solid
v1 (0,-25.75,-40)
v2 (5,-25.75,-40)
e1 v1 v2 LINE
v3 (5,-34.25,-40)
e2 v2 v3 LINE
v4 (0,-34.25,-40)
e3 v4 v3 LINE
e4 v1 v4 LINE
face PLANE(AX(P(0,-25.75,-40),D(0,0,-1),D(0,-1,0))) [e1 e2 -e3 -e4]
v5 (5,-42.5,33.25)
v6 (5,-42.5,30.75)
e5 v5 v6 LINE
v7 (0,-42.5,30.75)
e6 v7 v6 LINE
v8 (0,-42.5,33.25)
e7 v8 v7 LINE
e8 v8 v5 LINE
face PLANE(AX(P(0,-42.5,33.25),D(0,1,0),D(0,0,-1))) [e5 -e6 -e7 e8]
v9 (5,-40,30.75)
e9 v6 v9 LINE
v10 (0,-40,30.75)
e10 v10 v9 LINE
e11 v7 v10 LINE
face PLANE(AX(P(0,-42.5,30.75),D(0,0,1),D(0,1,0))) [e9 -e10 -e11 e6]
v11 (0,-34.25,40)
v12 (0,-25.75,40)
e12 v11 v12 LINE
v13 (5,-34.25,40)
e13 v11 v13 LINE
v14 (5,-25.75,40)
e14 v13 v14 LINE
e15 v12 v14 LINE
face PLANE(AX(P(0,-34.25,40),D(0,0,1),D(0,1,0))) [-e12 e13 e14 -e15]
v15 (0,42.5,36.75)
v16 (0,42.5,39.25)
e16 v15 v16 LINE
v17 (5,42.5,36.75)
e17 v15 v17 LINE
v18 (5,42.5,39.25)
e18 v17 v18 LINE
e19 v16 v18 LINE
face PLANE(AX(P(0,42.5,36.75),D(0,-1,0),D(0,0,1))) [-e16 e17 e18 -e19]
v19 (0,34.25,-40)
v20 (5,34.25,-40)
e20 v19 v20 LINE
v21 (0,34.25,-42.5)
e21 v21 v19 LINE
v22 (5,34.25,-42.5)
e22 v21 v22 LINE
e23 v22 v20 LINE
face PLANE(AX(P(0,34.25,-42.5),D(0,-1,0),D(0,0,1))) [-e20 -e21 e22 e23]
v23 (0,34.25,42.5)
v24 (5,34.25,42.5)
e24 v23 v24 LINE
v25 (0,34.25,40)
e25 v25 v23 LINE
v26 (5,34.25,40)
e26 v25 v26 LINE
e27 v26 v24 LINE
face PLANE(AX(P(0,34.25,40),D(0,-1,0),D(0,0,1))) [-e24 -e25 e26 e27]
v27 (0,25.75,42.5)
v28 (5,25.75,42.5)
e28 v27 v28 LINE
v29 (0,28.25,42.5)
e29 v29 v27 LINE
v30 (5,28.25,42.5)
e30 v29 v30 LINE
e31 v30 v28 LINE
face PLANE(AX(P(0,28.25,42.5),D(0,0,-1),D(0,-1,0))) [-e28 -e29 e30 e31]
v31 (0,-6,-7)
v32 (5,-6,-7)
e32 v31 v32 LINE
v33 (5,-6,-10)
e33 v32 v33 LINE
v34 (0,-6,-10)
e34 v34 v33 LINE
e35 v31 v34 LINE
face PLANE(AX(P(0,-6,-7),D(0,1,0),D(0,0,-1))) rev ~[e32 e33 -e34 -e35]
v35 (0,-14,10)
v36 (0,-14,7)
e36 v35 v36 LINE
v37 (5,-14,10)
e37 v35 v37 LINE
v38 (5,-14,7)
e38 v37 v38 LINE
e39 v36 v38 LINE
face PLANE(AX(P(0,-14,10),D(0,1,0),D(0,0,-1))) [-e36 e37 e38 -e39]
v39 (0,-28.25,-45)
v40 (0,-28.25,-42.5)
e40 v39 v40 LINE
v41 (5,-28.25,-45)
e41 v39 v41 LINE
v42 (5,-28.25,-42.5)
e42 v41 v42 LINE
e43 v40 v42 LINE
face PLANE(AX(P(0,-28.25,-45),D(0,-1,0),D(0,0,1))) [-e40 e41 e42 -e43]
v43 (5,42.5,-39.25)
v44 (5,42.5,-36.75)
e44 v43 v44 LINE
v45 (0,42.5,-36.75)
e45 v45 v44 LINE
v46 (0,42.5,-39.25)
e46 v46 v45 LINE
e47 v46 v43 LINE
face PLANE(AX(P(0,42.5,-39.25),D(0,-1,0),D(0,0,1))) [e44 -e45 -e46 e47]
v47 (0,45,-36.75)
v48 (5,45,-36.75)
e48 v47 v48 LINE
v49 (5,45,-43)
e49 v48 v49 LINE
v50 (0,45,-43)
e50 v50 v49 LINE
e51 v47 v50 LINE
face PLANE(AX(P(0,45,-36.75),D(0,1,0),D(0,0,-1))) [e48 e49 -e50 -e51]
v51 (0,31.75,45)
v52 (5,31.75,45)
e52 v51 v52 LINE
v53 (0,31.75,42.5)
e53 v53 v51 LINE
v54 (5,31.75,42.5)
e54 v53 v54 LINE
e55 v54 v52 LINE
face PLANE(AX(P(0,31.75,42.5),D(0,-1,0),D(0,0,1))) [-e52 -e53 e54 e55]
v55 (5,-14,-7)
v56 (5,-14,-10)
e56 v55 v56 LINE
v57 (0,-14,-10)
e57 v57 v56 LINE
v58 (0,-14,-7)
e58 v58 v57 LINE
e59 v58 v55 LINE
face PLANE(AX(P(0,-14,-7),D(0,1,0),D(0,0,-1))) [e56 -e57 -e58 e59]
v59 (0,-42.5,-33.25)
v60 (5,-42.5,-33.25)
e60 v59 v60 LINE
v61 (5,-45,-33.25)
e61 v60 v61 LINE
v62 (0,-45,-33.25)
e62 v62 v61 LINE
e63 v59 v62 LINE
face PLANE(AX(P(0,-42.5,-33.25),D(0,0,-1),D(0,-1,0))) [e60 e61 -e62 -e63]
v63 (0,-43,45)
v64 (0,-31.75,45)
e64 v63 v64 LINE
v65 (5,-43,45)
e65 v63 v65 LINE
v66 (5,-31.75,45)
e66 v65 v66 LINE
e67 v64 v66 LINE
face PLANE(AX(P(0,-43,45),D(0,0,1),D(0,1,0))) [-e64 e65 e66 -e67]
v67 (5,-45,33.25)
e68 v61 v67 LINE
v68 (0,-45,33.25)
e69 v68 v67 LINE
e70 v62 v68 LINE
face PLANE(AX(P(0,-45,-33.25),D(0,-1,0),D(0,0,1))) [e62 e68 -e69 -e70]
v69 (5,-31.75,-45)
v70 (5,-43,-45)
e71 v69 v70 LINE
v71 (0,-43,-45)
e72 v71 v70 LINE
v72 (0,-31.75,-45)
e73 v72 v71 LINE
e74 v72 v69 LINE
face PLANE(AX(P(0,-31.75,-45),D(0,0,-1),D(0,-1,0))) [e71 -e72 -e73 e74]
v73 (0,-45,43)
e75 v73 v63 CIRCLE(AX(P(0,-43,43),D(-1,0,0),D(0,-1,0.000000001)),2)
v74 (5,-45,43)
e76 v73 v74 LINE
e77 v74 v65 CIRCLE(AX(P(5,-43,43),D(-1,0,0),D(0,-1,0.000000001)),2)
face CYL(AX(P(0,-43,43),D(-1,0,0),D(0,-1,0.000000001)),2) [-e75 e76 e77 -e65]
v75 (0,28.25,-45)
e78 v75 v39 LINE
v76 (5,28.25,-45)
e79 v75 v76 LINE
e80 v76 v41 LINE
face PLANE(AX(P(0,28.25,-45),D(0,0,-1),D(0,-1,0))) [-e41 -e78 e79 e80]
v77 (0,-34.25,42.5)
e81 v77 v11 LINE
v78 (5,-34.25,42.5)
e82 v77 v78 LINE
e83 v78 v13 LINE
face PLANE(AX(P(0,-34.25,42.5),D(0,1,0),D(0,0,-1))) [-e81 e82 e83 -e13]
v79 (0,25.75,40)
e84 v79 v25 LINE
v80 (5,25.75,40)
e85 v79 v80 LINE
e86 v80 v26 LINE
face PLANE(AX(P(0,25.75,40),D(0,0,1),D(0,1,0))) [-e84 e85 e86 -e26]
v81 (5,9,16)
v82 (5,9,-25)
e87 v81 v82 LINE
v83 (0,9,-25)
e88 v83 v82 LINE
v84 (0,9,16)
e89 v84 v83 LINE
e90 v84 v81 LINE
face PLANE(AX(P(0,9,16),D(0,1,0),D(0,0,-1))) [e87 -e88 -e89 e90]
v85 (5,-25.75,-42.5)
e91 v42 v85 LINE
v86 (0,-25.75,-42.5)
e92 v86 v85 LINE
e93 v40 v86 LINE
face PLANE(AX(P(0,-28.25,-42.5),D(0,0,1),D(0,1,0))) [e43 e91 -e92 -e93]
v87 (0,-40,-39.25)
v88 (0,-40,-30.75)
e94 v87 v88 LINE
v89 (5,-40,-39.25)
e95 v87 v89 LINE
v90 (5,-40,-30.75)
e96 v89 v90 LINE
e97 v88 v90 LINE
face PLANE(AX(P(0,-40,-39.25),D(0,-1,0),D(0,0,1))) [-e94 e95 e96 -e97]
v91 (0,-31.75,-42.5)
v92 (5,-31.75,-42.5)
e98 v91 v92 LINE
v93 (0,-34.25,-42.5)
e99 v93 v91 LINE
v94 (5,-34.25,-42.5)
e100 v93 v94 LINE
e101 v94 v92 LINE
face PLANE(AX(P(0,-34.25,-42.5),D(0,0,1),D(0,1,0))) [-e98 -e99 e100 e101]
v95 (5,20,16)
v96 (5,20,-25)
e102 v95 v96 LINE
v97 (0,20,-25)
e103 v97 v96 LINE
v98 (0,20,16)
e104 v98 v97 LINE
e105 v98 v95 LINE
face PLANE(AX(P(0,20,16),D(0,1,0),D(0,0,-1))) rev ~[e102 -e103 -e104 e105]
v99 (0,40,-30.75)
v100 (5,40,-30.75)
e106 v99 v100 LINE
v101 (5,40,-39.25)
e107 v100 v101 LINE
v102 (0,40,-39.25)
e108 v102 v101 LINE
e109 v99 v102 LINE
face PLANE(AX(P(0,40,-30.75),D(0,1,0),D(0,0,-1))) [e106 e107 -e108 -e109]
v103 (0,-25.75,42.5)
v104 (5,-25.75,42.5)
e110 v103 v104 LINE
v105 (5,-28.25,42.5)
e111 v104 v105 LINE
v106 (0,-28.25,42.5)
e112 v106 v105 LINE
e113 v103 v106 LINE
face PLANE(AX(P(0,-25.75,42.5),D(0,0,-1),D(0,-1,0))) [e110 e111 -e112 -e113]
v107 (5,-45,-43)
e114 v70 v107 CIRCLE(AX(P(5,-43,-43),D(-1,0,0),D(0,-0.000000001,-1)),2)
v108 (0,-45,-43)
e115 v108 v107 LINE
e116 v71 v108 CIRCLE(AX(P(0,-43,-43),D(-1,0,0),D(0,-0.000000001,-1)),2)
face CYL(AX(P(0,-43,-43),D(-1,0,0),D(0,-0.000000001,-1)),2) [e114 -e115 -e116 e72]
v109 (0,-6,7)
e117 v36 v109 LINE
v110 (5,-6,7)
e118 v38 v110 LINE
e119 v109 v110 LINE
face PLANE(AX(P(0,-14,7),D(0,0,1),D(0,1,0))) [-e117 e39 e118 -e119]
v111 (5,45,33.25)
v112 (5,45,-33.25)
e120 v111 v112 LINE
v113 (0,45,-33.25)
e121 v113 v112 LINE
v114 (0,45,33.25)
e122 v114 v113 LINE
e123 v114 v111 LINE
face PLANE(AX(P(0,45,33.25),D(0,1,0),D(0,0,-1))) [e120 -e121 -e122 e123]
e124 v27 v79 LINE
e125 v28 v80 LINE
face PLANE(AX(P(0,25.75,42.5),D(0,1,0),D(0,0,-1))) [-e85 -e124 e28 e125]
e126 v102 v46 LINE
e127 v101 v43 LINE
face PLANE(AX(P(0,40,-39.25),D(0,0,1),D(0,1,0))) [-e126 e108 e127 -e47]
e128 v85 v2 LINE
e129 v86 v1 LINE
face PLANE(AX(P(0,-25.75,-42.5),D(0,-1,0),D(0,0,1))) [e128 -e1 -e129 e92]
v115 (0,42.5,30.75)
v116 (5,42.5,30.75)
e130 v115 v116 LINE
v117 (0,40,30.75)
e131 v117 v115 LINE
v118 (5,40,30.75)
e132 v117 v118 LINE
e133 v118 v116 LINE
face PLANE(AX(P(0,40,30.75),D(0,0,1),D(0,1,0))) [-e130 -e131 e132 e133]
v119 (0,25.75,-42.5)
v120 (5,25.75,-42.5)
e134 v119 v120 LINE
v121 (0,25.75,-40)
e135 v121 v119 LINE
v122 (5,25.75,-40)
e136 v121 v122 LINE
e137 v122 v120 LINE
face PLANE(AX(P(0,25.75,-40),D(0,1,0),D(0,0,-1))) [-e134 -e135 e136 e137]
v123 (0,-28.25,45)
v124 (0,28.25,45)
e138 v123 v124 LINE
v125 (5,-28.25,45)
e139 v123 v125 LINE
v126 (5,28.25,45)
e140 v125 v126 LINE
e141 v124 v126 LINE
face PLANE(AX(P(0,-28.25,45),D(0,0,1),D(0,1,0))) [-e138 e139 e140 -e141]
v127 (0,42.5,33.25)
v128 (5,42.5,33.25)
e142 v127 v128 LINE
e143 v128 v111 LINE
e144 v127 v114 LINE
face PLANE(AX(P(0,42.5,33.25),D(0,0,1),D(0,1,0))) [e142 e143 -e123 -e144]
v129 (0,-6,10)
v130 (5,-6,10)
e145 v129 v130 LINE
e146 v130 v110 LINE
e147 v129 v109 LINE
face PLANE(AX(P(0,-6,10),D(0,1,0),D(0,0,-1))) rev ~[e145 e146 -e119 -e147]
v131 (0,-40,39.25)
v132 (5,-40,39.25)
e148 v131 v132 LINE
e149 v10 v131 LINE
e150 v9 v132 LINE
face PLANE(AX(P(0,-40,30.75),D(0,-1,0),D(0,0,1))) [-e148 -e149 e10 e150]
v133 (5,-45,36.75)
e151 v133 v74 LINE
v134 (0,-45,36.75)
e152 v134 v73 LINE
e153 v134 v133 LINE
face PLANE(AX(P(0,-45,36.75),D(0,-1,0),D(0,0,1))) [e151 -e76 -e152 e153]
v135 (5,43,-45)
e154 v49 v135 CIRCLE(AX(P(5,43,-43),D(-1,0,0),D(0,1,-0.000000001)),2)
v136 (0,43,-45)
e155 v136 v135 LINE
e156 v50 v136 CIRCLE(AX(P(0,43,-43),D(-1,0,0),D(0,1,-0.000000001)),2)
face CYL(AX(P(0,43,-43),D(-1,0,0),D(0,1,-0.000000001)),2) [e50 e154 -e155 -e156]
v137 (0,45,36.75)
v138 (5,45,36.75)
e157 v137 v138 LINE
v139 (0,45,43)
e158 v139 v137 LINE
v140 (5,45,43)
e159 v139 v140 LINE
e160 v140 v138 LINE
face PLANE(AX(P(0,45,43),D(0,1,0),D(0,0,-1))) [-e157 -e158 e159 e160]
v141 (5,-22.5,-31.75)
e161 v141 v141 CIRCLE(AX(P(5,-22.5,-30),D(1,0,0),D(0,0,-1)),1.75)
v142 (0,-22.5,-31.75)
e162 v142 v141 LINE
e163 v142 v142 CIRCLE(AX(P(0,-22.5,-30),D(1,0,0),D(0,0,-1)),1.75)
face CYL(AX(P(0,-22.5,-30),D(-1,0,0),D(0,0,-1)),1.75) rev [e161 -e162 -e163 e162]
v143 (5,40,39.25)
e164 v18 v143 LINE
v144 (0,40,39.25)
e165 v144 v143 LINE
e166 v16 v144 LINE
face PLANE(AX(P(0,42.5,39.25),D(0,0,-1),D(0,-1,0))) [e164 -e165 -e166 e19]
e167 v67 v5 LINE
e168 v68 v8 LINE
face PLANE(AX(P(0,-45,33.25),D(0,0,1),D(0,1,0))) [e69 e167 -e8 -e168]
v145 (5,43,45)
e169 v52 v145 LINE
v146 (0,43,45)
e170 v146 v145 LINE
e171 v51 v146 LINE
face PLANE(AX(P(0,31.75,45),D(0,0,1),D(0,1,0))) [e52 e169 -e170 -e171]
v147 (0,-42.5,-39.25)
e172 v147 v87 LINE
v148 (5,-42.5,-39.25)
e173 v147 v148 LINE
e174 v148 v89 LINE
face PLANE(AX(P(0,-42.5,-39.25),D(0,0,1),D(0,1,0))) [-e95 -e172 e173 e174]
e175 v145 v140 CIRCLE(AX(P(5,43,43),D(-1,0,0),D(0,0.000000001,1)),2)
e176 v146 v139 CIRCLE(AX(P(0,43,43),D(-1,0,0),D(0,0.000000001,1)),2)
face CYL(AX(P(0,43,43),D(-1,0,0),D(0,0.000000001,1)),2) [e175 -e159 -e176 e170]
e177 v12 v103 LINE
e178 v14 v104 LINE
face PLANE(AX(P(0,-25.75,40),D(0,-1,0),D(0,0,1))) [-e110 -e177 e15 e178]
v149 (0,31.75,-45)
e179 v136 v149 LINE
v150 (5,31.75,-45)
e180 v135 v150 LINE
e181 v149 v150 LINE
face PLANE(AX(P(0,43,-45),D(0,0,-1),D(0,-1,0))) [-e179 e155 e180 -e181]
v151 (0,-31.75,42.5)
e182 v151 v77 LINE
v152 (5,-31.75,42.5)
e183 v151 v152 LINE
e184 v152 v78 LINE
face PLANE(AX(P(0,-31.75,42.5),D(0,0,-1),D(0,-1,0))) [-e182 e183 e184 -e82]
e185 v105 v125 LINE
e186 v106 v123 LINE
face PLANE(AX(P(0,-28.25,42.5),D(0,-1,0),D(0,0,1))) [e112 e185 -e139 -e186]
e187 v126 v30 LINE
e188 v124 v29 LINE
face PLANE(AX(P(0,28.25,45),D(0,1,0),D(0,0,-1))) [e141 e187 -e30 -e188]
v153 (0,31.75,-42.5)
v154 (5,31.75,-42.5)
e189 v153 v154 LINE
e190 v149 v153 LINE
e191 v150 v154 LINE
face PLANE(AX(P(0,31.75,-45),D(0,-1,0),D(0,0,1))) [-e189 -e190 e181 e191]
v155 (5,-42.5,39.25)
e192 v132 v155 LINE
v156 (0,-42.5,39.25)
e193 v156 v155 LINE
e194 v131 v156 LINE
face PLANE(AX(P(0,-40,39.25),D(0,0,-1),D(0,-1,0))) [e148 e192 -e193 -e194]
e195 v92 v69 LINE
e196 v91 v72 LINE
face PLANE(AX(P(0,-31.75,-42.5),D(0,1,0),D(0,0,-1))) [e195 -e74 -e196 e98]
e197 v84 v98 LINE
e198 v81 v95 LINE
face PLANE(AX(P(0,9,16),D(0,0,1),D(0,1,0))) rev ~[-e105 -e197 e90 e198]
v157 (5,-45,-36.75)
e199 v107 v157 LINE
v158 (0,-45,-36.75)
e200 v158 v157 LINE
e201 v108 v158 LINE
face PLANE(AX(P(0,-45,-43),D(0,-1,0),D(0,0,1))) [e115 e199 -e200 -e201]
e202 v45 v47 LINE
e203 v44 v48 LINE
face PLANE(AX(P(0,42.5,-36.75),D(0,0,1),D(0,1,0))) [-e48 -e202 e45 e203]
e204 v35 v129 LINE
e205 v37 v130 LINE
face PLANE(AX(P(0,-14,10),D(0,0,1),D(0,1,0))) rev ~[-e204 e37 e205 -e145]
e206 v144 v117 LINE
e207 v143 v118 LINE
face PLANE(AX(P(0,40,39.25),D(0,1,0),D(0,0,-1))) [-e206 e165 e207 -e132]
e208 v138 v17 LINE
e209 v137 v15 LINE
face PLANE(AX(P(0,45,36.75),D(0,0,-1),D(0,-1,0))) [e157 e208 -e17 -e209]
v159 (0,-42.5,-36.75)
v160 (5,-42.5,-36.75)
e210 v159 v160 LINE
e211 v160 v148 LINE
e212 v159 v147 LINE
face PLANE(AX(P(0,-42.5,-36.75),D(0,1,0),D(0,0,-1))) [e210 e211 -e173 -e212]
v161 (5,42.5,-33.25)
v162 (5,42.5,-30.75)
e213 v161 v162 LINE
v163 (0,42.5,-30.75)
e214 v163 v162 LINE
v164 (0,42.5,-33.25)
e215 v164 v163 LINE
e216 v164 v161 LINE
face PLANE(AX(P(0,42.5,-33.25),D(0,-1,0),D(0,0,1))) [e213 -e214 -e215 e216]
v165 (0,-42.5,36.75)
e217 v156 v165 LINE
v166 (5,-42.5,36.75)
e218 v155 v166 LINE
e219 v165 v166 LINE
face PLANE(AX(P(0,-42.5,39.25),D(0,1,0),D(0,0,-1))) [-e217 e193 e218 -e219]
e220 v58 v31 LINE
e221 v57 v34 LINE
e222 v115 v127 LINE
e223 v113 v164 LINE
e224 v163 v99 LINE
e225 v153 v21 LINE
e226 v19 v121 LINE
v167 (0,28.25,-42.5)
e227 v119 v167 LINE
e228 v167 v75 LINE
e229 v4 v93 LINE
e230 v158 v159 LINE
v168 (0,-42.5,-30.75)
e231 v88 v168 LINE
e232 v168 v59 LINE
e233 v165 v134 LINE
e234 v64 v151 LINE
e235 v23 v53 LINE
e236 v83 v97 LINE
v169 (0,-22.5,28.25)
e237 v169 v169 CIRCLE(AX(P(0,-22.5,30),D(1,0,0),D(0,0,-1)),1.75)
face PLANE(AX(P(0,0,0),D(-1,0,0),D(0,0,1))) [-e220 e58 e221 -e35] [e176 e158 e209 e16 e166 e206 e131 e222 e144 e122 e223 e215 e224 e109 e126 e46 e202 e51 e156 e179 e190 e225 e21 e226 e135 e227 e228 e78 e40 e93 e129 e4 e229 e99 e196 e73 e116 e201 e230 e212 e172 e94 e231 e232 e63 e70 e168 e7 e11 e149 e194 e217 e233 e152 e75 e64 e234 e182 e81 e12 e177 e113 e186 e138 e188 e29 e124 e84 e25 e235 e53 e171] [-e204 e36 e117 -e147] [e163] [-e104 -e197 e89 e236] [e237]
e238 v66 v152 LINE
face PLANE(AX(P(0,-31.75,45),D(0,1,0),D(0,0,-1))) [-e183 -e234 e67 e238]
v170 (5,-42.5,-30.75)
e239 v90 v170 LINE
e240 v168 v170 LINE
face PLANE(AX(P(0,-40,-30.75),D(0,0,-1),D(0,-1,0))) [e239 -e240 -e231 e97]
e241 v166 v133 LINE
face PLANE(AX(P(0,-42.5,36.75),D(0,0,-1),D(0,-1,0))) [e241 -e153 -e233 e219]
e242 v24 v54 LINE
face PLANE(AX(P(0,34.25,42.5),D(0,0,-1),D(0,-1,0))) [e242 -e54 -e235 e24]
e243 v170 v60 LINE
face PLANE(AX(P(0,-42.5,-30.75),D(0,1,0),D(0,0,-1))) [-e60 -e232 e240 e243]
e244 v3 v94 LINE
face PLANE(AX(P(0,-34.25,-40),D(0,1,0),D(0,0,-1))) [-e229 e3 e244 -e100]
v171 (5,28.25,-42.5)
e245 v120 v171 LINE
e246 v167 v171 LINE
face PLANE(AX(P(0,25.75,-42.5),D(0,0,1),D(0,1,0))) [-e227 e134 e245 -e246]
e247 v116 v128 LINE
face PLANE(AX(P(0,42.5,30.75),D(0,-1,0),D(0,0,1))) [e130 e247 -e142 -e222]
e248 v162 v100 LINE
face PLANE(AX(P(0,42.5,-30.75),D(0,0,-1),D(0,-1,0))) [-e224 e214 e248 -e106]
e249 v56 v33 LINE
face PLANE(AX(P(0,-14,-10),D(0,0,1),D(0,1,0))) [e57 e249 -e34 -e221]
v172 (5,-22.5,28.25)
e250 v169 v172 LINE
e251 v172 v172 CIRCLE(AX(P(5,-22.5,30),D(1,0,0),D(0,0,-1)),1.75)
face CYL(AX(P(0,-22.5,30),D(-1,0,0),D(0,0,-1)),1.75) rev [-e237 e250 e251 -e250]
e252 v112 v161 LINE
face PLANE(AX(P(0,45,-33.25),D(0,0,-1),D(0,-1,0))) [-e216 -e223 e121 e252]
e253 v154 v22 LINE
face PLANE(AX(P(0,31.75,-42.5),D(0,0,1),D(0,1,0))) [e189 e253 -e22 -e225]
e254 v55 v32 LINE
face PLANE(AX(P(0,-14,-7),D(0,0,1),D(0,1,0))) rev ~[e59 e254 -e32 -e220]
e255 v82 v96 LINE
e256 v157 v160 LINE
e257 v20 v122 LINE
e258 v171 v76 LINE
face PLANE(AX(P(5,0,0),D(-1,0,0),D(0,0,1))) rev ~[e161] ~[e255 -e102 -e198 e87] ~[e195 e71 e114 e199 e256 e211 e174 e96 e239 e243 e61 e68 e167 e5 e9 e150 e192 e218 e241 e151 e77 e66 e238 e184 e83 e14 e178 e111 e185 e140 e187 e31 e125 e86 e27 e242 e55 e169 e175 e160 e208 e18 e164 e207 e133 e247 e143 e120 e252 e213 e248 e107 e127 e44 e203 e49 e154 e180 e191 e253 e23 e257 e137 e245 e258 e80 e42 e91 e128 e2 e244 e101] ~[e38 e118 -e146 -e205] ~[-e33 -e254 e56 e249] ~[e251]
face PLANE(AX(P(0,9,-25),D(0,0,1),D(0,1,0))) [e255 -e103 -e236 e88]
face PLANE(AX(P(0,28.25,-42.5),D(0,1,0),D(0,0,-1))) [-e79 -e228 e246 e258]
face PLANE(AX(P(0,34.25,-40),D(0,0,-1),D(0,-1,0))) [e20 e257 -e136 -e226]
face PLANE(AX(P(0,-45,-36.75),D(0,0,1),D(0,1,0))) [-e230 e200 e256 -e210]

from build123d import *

# Parameters (mm, degrees)
SKETCH_1_R      = 1.75
SKETCH_1_W      = 3
SKETCH_1_H      = 8
SKETCH_1_W_2    = 41
SKETCH_1_H_2    = 11
EXTRUDE_1_DEPTH = 5


with BuildPart() as part:
    # Эскиз1 → Бобышка-Вытянуть1 (new body)
    with BuildSketch(Plane(origin=(0, 0, 0), x_dir=(0, 0, -1), z_dir=(1, 0, 0))):
        with BuildLine():
            Line((-36.75, 45), (-36.75, 42.5))
            Line((-36.75, 42.5), (-39.25, 42.5))
            Line((-39.25, 42.5), (-39.25, 40))
            Line((-39.25, 40), (-30.75, 40))
            Line((-30.75, 40), (-30.75, 42.5))
            Line((-30.75, 42.5), (-33.25, 42.5))
            Line((-33.25, 42.5), (-33.25, 45))
            Line((-33.25, 45), (33.25, 45))
            Line((33.25, 45), (33.25, 42.5))
            Line((33.25, 42.5), (30.75, 42.5))
            Line((30.75, 42.5), (30.75, 40))
            Line((30.75, 40), (39.25, 40))
            Line((39.25, 40), (39.25, 42.5))
            Line((39.25, 42.5), (36.75, 42.5))
            Line((36.75, 42.5), (36.75, 45))
            Line((36.75, 45), (43, 45))
            ThreePointArc((43, 45), (44.414213562, 44.414213562), (45, 43))
            Line((45, 43), (45, 31.75))
            Line((45, 31.75), (42.5, 31.75))
            Line((42.5, 31.75), (42.5, 34.25))
            Line((42.5, 34.25), (40, 34.25))
            Line((40, 34.25), (40, 25.75))
            Line((40, 25.75), (42.5, 25.75))
            Line((42.5, 25.75), (42.5, 28.25))
            Line((42.5, 28.25), (45, 28.25))
            Line((45, 28.25), (45, -28.25))
            Line((45, -28.25), (42.5, -28.25))
            Line((42.5, -28.25), (42.5, -25.75))
            Line((42.5, -25.75), (40, -25.75))
            Line((40, -25.75), (40, -34.25))
            Line((40, -34.25), (42.5, -34.25))
            Line((42.5, -34.25), (42.5, -31.75))
            Line((42.5, -31.75), (45, -31.75))
            Line((45, -31.75), (45, -43))
            ThreePointArc((45, -43), (44.414213562, -44.414213562), (43, -45))
            Line((43, -45), (36.75, -45))
            Line((36.75, -45), (36.75, -42.5))
            Line((36.75, -42.5), (39.25, -42.5))
            Line((39.25, -42.5), (39.25, -40))
            Line((39.25, -40), (30.75, -40))
            Line((30.75, -40), (30.75, -42.5))
            Line((30.75, -42.5), (33.25, -42.5))
            Line((33.25, -42.5), (33.25, -45))
            Line((33.25, -45), (-33.25, -45))
            Line((-33.25, -45), (-33.25, -42.5))
            Line((-33.25, -42.5), (-30.75, -42.5))
            Line((-30.75, -42.5), (-30.75, -40))
            Line((-30.75, -40), (-39.25, -40))
            Line((-39.25, -40), (-39.25, -42.5))
            Line((-39.25, -42.5), (-36.75, -42.5))
            Line((-36.75, -42.5), (-36.75, -45))
            Line((-36.75, -45), (-43, -45))
            ThreePointArc((-43, -45), (-44.414213562, -44.414213562), (-45, -43))
            Line((-45, -43), (-45, -31.75))
            Line((-45, -31.75), (-42.5, -31.75))
            Line((-42.5, -31.75), (-42.5, -34.25))
            Line((-42.5, -34.25), (-40, -34.25))
            Line((-40, -34.25), (-40, -25.75))
            Line((-40, -25.75), (-42.5, -25.75))
            Line((-42.5, -25.75), (-42.5, -28.25))
            Line((-42.5, -28.25), (-45, -28.25))
            Line((-45, -28.25), (-45, 28.25))
            Line((-45, 28.25), (-42.5, 28.25))
            Line((-42.5, 28.25), (-42.5, 25.75))
            Line((-42.5, 25.75), (-40, 25.75))
            Line((-40, 25.75), (-40, 34.25))
            Line((-40, 34.25), (-42.5, 34.25))
            Line((-42.5, 34.25), (-42.5, 31.75))
            Line((-42.5, 31.75), (-45, 31.75))
            Line((-45, 31.75), (-45, 43))
            ThreePointArc((-45, 43), (-44.414213562, 44.414213562), (-43, 45))
            Line((-43, 45), (-36.75, 45))
        make_face()
        with Locations((-30, -22.5)):
            Circle(SKETCH_1_R, mode=Mode.SUBTRACT)
        with Locations((30, -22.5)):
            Circle(SKETCH_1_R, mode=Mode.SUBTRACT)
        with Locations((8.5, -10)):
            Rectangle(SKETCH_1_W, SKETCH_1_H, mode=Mode.SUBTRACT)
        with Locations((-8.5, -10)):
            Rectangle(SKETCH_1_W, SKETCH_1_H, mode=Mode.SUBTRACT)
        with Locations((4.5, 14.5)):
            Rectangle(SKETCH_1_W_2, SKETCH_1_H_2, mode=Mode.SUBTRACT)
    extrude(amount=EXTRUDE_1_DEPTH)


solid = part.part
